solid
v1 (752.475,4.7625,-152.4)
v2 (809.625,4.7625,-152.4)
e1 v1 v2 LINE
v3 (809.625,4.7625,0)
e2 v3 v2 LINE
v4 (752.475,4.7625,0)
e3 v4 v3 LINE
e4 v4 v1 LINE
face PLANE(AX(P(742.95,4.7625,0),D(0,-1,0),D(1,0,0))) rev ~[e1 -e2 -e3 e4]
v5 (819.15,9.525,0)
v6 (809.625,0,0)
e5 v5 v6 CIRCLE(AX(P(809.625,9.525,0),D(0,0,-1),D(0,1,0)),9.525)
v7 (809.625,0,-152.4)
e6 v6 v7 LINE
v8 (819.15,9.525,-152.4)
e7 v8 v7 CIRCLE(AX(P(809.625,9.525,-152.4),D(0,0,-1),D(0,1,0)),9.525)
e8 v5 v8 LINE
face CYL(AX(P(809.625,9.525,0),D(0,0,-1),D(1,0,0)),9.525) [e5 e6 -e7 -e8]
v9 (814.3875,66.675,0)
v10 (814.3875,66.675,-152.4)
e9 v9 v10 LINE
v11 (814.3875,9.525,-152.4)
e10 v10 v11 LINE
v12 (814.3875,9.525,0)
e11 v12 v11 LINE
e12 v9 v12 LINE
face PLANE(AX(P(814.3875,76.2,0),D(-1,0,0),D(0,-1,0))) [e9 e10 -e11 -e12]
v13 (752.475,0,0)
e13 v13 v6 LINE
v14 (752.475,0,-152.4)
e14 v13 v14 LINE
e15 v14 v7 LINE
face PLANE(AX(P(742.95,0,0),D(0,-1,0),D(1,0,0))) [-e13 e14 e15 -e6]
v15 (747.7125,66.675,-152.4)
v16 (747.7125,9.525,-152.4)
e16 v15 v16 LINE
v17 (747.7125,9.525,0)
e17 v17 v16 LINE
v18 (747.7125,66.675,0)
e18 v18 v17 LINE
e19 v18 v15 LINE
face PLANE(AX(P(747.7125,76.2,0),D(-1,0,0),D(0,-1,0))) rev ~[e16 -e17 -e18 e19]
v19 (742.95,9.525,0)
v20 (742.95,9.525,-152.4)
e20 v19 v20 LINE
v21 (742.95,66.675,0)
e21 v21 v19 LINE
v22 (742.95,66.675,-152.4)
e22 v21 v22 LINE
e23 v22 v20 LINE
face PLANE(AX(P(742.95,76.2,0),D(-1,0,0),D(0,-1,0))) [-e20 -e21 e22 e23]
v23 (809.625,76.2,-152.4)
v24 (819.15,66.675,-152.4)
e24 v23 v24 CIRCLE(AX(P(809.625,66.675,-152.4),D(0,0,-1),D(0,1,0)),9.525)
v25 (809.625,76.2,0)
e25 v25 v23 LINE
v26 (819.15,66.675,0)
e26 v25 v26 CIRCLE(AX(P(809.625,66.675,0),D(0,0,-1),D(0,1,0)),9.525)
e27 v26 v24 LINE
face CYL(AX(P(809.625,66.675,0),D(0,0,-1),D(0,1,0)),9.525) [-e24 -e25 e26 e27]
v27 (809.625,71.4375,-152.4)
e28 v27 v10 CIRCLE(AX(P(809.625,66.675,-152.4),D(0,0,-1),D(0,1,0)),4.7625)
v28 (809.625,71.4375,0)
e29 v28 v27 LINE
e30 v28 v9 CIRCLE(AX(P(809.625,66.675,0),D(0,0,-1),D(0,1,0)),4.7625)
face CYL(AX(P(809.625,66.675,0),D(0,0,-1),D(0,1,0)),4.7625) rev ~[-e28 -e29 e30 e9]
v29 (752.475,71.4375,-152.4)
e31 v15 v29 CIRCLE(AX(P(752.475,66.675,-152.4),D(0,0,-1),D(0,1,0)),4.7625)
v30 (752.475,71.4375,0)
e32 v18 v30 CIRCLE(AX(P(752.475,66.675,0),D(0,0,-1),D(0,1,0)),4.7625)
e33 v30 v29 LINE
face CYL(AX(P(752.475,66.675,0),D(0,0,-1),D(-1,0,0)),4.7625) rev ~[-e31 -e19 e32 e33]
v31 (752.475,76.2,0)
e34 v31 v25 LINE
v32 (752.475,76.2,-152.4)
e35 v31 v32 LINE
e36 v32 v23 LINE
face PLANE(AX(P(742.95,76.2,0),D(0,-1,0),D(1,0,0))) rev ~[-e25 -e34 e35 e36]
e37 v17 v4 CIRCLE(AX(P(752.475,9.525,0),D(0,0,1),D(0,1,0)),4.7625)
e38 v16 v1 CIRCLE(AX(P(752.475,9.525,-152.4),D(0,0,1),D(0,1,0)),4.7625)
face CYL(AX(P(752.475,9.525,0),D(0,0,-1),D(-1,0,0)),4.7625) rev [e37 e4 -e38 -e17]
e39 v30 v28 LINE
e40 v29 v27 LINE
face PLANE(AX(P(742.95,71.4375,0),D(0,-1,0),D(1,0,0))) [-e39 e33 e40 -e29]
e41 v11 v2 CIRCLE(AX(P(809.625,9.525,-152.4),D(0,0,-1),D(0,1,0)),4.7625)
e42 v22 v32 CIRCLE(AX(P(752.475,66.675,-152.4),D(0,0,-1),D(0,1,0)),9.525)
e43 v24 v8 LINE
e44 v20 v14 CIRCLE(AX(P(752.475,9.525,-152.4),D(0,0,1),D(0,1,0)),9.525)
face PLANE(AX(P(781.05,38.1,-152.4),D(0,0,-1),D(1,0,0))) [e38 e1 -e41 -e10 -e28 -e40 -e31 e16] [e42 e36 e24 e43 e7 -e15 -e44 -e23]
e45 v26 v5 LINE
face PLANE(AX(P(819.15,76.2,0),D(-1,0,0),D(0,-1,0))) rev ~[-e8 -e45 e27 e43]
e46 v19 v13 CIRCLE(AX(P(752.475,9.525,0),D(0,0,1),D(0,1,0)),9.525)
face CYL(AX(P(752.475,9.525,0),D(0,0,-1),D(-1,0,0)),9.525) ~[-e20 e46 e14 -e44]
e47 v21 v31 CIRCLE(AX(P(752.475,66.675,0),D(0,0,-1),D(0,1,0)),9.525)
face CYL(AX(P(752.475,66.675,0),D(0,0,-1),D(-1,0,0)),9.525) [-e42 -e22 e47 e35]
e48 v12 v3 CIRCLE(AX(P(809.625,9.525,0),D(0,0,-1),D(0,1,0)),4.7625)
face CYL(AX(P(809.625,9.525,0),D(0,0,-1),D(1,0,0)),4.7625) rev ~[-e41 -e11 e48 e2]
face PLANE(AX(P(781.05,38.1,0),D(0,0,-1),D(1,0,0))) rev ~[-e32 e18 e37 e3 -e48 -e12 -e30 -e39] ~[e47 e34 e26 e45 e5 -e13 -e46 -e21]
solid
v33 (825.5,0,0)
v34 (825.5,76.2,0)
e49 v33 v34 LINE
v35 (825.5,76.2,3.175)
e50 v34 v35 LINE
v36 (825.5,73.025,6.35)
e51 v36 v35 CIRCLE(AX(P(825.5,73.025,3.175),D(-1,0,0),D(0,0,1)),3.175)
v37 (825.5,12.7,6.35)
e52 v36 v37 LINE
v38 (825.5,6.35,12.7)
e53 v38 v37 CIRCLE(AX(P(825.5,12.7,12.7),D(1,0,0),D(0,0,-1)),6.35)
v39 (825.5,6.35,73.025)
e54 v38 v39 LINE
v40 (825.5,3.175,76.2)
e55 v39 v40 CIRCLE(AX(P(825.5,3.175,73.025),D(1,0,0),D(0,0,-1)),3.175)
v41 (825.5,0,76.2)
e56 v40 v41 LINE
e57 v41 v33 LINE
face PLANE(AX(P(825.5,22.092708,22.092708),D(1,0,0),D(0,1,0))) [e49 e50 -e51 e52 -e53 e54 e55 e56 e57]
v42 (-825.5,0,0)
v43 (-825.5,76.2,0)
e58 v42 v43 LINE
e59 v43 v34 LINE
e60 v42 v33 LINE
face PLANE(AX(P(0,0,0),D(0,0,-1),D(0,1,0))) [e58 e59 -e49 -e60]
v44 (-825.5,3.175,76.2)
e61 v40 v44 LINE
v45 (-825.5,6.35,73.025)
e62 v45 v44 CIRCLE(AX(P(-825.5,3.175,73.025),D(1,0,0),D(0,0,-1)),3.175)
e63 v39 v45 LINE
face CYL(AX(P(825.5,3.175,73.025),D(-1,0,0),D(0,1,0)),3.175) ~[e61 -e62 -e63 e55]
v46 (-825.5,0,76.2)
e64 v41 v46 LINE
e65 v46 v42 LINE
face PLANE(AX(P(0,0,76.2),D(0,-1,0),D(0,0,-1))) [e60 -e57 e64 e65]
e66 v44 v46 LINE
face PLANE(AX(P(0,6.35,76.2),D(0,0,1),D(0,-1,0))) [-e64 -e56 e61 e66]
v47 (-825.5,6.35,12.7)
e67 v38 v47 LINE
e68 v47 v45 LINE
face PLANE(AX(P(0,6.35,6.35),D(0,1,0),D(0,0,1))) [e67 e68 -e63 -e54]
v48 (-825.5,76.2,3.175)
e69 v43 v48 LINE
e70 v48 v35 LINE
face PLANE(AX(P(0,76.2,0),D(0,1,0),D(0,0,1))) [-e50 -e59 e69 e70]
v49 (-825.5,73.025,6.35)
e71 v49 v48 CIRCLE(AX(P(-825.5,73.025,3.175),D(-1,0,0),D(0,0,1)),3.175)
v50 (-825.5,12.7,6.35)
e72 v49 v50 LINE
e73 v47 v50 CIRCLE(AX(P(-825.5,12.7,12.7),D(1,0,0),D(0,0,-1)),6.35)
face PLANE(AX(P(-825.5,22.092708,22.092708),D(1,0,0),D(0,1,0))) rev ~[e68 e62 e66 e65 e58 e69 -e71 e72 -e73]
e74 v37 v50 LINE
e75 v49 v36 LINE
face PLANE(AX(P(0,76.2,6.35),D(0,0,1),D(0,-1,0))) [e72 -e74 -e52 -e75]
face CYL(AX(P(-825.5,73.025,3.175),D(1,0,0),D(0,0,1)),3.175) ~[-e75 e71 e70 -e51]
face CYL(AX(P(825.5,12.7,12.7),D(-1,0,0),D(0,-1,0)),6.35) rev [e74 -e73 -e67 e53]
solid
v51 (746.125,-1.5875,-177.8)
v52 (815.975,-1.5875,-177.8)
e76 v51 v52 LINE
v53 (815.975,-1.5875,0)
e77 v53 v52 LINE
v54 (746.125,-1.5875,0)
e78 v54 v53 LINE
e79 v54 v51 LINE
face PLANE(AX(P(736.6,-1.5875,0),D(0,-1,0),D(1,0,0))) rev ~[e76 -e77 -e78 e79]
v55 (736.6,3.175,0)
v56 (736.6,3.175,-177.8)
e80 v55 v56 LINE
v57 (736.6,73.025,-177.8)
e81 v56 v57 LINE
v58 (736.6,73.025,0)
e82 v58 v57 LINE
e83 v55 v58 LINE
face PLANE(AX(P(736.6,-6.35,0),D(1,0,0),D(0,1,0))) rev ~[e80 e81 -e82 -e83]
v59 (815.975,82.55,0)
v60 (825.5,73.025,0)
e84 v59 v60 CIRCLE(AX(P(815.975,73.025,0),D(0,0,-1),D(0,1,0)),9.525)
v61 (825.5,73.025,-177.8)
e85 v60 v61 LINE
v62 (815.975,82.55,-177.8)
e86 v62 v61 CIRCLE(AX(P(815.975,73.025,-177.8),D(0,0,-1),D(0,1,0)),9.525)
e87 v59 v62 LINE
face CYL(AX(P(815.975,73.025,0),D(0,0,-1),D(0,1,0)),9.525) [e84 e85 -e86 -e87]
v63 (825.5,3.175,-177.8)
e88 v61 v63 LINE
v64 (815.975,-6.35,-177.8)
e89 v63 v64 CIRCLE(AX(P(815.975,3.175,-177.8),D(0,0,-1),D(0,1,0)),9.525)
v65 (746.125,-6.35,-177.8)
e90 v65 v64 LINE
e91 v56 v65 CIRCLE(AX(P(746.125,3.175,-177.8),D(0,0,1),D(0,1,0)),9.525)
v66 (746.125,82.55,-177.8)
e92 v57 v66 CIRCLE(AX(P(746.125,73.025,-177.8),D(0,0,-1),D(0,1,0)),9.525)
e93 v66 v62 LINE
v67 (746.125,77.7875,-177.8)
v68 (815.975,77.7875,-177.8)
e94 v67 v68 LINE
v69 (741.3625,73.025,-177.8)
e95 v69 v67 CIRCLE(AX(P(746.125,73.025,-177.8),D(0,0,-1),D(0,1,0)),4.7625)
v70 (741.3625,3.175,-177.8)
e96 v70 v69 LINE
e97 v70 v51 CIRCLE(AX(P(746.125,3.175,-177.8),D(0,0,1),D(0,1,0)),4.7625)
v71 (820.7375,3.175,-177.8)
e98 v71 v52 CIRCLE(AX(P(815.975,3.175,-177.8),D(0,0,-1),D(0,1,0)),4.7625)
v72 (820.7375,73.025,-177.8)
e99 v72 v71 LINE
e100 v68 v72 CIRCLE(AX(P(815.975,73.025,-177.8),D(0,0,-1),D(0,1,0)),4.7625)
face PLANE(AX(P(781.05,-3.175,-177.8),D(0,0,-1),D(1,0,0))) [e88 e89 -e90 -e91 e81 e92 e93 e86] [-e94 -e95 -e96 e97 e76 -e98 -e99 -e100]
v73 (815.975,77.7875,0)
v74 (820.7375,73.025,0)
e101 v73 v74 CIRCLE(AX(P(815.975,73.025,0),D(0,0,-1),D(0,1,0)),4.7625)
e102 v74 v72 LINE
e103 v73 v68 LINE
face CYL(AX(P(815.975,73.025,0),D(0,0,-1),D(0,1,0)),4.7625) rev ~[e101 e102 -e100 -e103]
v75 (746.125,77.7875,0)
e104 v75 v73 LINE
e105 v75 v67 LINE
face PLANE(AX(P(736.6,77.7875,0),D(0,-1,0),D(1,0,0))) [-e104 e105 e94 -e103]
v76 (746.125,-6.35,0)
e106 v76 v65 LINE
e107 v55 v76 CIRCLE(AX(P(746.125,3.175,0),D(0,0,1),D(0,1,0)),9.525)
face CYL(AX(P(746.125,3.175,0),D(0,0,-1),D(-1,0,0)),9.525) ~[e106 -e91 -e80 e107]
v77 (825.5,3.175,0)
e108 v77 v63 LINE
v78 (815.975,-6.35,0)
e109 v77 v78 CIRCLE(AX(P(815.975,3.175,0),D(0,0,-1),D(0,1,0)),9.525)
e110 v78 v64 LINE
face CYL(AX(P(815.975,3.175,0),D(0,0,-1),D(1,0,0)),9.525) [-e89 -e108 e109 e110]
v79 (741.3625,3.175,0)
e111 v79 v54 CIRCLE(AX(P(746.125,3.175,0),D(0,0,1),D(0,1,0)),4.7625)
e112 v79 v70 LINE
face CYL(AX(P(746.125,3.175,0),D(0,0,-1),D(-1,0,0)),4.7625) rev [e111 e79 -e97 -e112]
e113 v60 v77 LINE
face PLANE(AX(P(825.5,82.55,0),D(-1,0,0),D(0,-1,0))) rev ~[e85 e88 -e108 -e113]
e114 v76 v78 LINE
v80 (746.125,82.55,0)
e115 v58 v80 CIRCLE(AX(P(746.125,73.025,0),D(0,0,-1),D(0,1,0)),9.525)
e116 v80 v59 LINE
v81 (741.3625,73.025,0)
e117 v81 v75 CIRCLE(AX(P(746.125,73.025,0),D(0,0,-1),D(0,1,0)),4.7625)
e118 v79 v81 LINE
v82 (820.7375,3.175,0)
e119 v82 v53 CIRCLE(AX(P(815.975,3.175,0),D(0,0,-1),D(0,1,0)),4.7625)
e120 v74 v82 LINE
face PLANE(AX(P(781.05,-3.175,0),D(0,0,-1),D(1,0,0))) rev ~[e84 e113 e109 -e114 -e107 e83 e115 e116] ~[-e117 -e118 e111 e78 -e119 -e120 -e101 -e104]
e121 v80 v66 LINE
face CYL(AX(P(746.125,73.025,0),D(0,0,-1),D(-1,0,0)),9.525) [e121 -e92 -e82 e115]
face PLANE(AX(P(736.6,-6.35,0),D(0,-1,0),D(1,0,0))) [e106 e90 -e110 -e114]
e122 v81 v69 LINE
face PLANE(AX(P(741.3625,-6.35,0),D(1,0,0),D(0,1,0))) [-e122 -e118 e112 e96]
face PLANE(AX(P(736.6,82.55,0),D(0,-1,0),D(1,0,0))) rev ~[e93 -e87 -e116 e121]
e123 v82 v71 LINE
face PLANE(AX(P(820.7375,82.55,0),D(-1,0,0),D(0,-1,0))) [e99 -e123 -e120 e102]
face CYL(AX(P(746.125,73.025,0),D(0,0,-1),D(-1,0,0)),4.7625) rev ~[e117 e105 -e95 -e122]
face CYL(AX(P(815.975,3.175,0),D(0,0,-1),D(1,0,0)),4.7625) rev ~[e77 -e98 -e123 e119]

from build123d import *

# Parameters (mm, degrees)
F1_DEPTH = 825.5
F2_R     = 6.35
F3_R     = 3.175
F4_W     = 76.2
F4_H     = 76.2
F5_DEPTH = 152.4
F6_R     = 9.525
F7_T     = -4.7625
F8_W     = 88.9
F8_H     = 6.35
F8_H_2   = 76.2
F9_DEPTH = 177.8
F10_R    = 9.525
F11_T    = -4.7625


with BuildPart() as f1:
    # F0 (on Right) → F1 (new body, symmetric)
    with BuildSketch(Plane.YZ):
        Polygon((0, 76.2), (0, 0), (76.2, 0), (76.2, 6.35), (6.35, 6.35), (6.35, 76.2), align=None)
    extrude(amount=F1_DEPTH, both=True)

    # F2
    f2_edges = [f1.edges().sort_by_distance(p)[0] for p in [
        (0, 6.35, 6.35),
    ]]
    fillet(f2_edges, radius=F2_R)

    # F3
    f3_edges = [f1.edges().sort_by_distance(p)[0] for p in [
        (0, 6.35, 76.2),
        (0, 76.2, 6.35),
    ]]
    fillet(f3_edges, radius=F3_R)


with BuildPart() as f5:
    # F4 (on face) → F5 (new body)
    with BuildSketch(Plane(origin=(0, 0, 0), x_dir=(1, 0, 0), z_dir=(0, 0, -1))):
        with Locations((781.05, -38.1)):
            Rectangle(F4_W, F4_H)
    extrude(amount=F5_DEPTH)

    # F6
    f6_edges = [f5.edges().sort_by_distance(p)[0] for p in [
        (742.95, 76.2, -76.2),
        (742.95, 0, -76.2),
        (819.15, 76.2, -76.2),
        (819.15, 0, -76.2),
    ]]
    fillet(f6_edges, radius=F6_R)

    # F7
    f7_openings = [f5.faces().sort_by_distance(p)[0] for p in [
        (781.05, 38.1, -152.4),
        (781.05, 38.1, 0),
    ]]
    offset(amount=F7_T, openings=f7_openings)


with BuildPart() as f9:
    # F8 (on face) → F9 (new body)
    with BuildSketch(Plane(origin=(0, 0, 0), x_dir=(1, 0, 0), z_dir=(0, 0, -1))):
        with Locations((781.05, 3.175)):
            Rectangle(F8_W, F8_H)
        with Locations((781.05, -38.1)):
            Rectangle(F8_W, F8_H_2)
        with Locations((781.05, -79.375)):
            Rectangle(F8_W, F8_H)
    extrude(amount=F9_DEPTH)

    # F10
    f10_edges = [f9.edges().sort_by_distance(p)[0] for p in [
        (825.5, 82.55, -88.9),
        (736.6, 82.55, -88.9),
        (736.6, -6.35, -88.9),
        (825.5, -6.35, -88.9),
    ]]
    fillet(f10_edges, radius=F10_R)

    # F11
    f11_openings = [f9.faces().sort_by_distance(p)[0] for p in [
        (781.05, 38.1, -177.8),
        (781.05, 38.1, 0),
    ]]
    offset(amount=F11_T, openings=f11_openings)


solid = Compound([f1.part, f5.part, f9.part])
